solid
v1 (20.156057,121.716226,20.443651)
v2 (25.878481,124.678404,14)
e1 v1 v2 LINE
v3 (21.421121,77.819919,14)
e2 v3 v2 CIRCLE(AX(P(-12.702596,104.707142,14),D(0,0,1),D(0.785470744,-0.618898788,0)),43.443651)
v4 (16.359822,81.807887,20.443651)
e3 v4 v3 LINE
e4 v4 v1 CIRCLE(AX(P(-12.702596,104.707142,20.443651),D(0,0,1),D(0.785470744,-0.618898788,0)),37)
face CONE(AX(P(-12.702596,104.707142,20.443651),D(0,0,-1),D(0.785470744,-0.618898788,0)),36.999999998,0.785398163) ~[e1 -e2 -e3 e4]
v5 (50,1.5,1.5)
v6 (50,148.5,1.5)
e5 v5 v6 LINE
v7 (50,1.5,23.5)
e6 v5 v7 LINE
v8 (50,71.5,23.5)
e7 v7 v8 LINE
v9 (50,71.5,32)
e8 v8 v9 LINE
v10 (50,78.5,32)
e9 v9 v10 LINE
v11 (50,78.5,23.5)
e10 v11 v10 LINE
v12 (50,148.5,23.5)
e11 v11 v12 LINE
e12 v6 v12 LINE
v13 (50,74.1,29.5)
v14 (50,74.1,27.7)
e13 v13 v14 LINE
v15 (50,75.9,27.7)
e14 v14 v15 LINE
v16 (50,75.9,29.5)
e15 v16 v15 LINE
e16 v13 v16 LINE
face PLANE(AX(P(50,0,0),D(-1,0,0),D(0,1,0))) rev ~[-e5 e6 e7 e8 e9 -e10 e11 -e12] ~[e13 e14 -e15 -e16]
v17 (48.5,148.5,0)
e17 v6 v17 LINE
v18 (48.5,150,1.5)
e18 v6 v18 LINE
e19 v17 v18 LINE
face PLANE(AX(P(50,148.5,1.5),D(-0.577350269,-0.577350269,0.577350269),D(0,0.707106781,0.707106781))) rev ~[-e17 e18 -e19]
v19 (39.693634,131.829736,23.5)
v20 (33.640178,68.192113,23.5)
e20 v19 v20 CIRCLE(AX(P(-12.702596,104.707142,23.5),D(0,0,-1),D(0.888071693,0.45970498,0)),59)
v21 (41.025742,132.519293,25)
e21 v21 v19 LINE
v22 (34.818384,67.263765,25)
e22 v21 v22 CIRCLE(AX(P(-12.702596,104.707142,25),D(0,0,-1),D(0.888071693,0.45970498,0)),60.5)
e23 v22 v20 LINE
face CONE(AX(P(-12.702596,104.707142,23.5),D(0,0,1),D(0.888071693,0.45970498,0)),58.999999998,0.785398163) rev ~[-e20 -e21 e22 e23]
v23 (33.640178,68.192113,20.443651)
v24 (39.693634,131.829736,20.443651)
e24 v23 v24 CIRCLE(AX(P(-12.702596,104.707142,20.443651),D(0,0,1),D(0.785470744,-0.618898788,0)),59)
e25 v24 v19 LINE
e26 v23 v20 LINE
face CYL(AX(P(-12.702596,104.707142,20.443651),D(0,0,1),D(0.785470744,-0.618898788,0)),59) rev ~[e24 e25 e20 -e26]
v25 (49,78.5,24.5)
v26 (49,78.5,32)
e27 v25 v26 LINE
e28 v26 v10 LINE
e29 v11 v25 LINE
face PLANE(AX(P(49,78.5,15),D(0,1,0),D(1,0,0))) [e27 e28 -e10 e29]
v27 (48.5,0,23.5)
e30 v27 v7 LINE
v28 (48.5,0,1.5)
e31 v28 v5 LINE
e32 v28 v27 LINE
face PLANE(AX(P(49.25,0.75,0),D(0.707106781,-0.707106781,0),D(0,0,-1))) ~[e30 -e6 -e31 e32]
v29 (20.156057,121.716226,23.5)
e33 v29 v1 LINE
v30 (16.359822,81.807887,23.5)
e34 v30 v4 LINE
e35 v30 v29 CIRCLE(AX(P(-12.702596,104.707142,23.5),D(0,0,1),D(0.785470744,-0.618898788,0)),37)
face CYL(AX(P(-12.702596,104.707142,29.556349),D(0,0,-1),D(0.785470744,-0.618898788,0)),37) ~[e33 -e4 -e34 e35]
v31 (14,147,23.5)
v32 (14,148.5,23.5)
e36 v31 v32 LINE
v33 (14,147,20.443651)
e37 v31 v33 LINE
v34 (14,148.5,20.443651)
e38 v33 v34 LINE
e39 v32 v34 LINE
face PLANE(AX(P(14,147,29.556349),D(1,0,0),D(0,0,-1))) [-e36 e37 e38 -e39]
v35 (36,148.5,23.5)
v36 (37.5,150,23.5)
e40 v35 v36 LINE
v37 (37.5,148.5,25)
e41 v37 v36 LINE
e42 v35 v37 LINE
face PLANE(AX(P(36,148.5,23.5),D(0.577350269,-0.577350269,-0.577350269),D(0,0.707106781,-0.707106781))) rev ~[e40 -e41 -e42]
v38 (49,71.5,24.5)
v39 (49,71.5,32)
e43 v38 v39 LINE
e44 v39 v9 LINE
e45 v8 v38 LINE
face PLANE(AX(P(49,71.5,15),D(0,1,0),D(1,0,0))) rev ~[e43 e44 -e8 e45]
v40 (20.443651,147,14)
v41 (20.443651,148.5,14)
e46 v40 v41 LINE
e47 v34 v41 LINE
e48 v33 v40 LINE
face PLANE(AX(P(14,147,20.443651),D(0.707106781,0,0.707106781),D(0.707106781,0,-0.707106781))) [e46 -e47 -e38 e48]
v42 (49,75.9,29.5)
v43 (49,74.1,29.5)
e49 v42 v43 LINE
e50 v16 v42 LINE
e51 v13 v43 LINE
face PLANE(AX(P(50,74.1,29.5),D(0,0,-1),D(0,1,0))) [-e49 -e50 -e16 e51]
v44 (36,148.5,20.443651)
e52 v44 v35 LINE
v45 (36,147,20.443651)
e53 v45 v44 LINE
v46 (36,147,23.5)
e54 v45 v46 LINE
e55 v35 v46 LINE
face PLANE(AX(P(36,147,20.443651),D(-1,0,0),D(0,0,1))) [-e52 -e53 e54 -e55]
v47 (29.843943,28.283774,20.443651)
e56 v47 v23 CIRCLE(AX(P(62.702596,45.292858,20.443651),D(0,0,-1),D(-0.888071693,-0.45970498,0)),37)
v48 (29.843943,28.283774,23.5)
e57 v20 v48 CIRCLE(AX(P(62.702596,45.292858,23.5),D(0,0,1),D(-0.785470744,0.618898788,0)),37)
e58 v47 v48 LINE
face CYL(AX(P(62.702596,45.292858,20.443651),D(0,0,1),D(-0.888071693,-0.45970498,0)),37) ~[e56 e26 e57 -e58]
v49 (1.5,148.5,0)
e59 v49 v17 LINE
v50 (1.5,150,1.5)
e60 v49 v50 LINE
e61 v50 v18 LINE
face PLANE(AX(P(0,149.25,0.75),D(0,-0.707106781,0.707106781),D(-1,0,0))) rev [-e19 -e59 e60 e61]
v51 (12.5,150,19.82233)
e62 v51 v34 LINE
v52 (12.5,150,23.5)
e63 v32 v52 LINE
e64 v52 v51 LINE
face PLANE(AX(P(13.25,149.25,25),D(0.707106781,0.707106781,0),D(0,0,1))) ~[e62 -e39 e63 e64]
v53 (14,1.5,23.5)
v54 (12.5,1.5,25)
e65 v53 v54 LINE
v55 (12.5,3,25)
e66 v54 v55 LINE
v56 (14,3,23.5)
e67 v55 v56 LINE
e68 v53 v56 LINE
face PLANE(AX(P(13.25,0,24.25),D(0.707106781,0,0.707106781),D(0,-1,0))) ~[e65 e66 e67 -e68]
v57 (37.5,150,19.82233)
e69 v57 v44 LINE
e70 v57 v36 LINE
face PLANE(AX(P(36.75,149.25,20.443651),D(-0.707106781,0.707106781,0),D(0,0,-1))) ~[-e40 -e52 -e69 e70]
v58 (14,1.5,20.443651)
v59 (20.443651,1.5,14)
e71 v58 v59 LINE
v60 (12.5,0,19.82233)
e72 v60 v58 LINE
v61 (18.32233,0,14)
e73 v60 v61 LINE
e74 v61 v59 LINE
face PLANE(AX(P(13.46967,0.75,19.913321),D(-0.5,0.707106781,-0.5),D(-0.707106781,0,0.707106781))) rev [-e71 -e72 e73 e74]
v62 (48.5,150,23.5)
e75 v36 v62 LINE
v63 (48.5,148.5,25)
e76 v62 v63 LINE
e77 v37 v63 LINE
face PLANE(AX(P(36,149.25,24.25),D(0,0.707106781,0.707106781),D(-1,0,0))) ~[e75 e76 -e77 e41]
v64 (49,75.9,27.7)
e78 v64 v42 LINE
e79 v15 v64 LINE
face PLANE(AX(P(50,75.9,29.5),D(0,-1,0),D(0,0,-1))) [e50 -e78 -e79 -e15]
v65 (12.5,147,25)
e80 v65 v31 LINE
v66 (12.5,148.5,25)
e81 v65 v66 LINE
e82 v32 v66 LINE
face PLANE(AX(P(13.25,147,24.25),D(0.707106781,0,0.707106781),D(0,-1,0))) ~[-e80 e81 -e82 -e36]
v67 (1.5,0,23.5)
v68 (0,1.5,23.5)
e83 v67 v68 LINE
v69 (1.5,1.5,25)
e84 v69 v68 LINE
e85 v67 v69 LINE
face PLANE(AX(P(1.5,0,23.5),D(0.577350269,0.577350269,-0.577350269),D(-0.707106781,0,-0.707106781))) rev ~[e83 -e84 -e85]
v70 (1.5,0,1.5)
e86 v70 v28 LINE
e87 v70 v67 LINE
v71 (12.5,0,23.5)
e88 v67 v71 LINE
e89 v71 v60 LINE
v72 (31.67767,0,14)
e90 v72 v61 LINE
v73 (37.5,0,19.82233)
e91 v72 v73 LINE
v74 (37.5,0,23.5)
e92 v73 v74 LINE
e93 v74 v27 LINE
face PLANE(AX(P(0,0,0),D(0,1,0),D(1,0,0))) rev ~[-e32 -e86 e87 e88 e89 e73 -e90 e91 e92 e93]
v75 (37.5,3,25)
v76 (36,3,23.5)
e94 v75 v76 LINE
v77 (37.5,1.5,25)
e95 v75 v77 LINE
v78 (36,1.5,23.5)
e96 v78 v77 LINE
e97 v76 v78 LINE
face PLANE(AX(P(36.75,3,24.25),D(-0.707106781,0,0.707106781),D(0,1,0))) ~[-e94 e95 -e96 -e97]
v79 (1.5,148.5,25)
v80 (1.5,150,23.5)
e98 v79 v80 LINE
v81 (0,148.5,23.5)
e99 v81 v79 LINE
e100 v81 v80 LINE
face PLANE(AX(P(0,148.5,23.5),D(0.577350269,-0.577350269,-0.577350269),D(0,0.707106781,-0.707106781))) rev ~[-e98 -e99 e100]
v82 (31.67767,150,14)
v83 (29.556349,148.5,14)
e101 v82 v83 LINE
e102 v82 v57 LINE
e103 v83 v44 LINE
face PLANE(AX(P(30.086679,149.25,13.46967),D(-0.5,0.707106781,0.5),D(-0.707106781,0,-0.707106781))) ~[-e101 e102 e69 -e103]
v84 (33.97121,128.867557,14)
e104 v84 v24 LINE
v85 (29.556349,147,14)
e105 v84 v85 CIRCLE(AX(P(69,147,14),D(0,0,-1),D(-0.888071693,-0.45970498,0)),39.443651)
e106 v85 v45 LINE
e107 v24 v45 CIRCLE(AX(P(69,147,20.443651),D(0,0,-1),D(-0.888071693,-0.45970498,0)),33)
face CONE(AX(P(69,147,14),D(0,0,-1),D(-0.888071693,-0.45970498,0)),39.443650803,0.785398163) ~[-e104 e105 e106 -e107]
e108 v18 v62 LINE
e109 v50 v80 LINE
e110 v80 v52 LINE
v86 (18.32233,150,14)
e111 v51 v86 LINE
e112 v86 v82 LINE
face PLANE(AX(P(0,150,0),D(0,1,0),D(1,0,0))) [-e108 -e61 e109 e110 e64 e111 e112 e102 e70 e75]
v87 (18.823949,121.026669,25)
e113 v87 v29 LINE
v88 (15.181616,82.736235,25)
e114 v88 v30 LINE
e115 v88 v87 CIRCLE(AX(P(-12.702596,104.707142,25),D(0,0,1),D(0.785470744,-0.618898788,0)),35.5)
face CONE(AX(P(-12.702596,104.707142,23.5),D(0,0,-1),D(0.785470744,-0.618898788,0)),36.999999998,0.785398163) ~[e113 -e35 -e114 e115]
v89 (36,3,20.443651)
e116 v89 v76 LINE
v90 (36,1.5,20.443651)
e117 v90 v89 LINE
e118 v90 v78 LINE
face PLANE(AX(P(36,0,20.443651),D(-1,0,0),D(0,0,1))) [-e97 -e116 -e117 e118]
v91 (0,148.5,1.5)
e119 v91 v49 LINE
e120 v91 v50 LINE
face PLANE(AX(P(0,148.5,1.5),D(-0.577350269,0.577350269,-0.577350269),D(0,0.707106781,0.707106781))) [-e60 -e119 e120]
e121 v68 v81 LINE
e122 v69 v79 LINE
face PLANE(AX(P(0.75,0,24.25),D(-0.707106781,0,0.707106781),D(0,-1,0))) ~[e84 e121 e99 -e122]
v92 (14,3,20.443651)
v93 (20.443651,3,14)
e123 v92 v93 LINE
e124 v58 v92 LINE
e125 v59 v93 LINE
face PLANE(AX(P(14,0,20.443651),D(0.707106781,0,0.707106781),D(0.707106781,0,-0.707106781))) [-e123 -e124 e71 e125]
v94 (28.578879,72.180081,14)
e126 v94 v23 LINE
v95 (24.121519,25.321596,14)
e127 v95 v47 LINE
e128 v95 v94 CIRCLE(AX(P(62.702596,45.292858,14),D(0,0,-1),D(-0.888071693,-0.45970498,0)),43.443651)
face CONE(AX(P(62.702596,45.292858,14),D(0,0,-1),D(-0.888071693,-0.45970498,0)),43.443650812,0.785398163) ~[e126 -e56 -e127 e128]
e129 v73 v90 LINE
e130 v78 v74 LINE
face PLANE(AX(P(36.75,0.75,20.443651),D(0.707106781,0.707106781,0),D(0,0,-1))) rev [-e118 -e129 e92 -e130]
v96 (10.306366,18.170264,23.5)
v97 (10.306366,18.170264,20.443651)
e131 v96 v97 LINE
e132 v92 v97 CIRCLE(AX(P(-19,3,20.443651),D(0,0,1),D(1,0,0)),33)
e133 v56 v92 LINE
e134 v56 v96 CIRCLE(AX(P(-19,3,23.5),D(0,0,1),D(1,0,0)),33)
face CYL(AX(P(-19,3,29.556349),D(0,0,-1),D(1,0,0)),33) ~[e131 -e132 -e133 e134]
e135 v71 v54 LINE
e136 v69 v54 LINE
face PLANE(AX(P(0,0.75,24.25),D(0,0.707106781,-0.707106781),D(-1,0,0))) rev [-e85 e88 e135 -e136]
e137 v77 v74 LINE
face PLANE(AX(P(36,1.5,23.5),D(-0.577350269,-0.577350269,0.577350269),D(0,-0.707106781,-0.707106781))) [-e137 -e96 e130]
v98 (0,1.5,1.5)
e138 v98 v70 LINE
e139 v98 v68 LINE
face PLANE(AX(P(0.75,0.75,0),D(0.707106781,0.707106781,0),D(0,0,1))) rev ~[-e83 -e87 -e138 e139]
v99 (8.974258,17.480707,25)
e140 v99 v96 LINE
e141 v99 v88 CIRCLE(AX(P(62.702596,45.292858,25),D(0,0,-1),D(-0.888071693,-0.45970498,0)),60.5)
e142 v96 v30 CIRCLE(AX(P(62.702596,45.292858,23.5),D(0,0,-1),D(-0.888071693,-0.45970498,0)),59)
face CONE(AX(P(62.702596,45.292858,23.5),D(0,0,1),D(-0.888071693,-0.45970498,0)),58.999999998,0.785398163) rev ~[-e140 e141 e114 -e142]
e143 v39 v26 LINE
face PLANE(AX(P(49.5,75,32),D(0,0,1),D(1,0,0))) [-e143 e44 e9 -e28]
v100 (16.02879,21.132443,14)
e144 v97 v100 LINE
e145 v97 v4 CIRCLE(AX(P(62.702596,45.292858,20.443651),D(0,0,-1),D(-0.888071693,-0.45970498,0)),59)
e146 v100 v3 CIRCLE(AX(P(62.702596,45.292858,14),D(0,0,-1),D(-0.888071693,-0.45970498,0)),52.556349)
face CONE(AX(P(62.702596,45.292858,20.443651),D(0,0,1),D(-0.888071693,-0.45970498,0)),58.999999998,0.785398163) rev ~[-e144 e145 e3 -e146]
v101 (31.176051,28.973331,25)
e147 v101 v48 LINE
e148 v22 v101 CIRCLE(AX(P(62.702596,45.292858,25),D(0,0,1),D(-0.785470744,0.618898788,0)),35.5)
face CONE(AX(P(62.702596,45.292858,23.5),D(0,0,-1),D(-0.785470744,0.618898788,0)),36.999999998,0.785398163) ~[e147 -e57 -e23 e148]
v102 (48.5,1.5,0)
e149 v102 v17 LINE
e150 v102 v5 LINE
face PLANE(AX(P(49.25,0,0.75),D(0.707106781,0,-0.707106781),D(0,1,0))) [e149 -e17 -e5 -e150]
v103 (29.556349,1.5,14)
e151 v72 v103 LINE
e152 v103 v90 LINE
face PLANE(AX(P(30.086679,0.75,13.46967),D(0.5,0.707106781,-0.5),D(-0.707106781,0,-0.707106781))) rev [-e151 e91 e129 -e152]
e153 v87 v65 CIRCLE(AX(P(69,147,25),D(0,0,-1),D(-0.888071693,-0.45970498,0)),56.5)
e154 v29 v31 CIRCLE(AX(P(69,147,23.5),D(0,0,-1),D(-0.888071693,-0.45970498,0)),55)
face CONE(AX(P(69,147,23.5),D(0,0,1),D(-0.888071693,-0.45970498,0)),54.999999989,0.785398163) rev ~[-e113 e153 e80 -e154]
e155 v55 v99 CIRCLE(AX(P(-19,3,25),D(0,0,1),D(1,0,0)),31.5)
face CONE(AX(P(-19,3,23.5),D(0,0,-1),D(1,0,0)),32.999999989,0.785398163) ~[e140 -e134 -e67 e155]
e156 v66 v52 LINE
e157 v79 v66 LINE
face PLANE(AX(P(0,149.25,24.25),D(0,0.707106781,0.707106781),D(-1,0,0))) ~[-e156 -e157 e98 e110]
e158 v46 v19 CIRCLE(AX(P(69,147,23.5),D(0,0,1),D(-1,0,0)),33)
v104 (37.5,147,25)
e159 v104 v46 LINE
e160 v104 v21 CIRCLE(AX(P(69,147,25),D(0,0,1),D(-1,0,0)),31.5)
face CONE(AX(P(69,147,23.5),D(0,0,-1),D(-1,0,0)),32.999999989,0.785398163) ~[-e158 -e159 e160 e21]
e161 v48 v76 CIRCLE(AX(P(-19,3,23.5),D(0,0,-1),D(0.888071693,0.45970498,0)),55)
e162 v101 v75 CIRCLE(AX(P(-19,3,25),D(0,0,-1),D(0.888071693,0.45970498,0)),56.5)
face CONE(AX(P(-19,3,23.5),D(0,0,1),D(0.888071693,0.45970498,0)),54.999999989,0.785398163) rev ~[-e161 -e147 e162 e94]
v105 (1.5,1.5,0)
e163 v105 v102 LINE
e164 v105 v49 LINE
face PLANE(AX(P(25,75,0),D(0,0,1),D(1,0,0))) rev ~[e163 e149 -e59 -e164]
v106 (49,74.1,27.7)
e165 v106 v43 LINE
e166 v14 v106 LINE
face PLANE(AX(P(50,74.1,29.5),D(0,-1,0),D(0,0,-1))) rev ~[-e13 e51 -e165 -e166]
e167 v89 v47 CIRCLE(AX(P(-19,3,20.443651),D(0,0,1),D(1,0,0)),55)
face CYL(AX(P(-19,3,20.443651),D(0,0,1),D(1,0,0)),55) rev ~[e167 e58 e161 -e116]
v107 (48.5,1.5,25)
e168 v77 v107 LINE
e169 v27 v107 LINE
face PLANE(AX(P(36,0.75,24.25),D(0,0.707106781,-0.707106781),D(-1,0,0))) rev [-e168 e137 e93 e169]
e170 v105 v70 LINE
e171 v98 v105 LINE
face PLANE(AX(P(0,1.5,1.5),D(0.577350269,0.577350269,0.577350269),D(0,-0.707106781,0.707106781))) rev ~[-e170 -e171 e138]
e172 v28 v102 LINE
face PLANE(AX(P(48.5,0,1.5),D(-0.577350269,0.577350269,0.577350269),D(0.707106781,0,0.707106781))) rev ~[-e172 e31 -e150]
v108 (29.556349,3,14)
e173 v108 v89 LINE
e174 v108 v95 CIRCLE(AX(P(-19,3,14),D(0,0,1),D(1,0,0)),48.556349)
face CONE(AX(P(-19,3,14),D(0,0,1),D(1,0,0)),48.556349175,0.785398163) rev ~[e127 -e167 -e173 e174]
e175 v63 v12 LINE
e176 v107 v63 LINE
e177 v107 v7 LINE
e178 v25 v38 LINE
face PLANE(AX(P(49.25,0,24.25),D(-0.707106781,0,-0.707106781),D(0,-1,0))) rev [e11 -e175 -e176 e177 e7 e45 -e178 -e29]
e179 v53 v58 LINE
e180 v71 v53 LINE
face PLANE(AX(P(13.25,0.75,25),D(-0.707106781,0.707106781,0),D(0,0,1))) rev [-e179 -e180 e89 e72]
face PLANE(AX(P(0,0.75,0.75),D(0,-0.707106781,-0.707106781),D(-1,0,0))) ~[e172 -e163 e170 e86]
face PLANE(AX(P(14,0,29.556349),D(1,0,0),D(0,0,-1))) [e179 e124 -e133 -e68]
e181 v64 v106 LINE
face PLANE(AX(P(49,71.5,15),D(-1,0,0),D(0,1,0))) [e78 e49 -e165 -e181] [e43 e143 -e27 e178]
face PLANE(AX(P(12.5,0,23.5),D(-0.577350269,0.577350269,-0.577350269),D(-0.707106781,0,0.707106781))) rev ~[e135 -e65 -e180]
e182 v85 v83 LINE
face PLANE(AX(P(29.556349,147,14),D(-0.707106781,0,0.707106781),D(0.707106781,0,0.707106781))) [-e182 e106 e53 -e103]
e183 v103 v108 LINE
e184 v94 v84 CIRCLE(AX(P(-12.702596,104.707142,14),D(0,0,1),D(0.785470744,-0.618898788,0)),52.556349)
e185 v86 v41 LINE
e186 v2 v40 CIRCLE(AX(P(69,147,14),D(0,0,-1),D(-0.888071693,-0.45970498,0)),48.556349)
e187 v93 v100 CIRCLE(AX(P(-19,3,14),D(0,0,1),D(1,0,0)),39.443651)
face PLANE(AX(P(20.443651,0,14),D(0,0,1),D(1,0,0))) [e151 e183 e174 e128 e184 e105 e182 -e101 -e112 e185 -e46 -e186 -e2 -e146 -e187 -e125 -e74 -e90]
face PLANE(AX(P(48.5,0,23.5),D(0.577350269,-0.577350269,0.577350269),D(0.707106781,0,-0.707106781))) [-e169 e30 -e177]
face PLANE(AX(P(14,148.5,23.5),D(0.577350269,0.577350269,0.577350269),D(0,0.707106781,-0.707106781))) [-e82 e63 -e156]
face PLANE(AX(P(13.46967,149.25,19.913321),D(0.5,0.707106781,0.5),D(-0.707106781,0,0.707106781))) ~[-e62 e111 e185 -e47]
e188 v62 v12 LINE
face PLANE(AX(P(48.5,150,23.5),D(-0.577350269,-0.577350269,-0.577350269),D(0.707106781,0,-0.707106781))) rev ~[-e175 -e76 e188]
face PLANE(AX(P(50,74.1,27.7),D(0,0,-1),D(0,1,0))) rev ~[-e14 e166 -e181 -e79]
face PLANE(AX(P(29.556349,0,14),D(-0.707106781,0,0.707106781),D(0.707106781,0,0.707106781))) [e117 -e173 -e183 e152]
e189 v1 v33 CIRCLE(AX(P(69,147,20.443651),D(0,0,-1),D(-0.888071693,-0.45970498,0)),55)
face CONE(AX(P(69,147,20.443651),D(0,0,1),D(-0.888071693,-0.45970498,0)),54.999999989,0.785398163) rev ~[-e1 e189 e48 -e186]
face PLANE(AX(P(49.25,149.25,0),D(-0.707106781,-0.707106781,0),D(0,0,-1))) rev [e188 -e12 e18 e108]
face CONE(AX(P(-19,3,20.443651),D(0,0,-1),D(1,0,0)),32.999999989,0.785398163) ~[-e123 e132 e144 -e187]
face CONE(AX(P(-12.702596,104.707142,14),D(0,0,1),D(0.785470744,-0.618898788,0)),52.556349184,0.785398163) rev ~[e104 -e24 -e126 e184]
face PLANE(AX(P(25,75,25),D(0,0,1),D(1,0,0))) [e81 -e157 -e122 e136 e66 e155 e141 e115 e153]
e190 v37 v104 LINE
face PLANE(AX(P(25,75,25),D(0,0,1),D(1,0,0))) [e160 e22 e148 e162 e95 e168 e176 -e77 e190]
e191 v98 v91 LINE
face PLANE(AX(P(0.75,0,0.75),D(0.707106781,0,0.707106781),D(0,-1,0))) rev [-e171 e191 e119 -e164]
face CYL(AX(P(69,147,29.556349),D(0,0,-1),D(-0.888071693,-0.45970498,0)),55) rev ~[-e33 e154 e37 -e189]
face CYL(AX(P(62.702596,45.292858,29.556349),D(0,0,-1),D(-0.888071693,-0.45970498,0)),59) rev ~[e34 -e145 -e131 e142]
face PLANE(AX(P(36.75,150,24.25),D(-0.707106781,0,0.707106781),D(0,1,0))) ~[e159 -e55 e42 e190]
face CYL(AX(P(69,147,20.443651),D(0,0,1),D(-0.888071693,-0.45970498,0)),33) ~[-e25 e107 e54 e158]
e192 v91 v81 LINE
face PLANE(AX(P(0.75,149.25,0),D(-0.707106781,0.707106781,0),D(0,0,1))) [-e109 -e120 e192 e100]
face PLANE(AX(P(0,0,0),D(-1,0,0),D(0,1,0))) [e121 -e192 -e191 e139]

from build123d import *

# Parameters (mm, degrees)
SKETCH1_W                = 50
SKETCH1_H                = 150
BOSS_EXTRUDE1_DEPTH      = 25
CHAMFER1_SIZE            = 1.5
BOSS_EXTRUDE2_DEPTH      = 7
BOSS_EXTRUDE2_DEPTH_BACK = 10
SKETCH4_W                = 1
SKETCH4_H                = 7
SKETCH5_W                = 1.8
SKETCH5_H                = 1.8
CUT_EXTRUDE1_DEPTH       = 7


with BuildPart() as part:
    # Sketch1 → Boss-Extrude1 (new body)
    with BuildSketch(Plane.XY):
        with Locations((25, 75)):
            Rectangle(SKETCH1_W, SKETCH1_H)
    extrude(amount=BOSS_EXTRUDE1_DEPTH)

    # Cut-Sweep1: sweep along a path in Sketch3
    with BuildLine(Plane.XY.offset(25)) as cut_sweep1_path:
        Line((25, 0), (25, 3))
        ThreePointArc((25, 3), (23.751063127, 13.408967361), (20.075154476, 23.227019124))
        ThreePointArc((20.075154476, 23.227019124), (14.918298123, 49.838284764), (25, 75))
        ThreePointArc((25, 75), (35.081701877, 100.161715236), (29.924845524, 126.772980876))
        ThreePointArc((29.924845524, 126.772980876), (26.248936873, 136.591032639), (25, 147))
        Line((25, 147), (25, 150))
    # Sketch2 → Cut-Sweep1 (sweep, cut)
    with BuildSketch(Plane.XZ):
        Polygon((29.556349186, 36), (20.443650814, 36), (14, 29.556349186), (14, 20.443650814), (20.443650814, 14), (29.556349186, 14), (36, 20.443650814), (36, 29.556349186), align=None)
    sweep(path=cut_sweep1_path.line, mode=Mode.SUBTRACT)

    # Chamfer1
    chamfer1_edges = [part.edges().sort_by_distance(p)[0] for p in [
        (50, 75, 25),
        (43, 150, 25),
        (43, 0, 25),
        (7, 150, 25),
        (14, 1.5, 25),
        (13.063297345, 10.806725521, 25),
        (3.967729924, 50.879945025, 25),
        (24.131133677, 101.203375498, 25),
        (15.561171091, 133.988790799, 25),
        (14, 148.5, 25),
        (36, 1.5, 25),
        (34.438828909, 16.011209201, 25),
        (25.868866323, 48.796624502, 25),
        (46.032270076, 99.120054975, 25),
        (36.936702655, 139.193274479, 25),
        (36, 148.5, 25),
        (36, 150, 22.721825407),
        (14, 150, 22.721825407),
        (36, 0, 22.721825407),
        (14, 0, 22.721825407),
        (17.221825407, 0, 17.221825407),
        (32.778174593, 0, 17.221825407),
        (32.778174593, 150, 17.221825407),
        (17.221825407, 150, 17.221825407),
        (0, 75, 25),
        (25, 150, 0),
        (50, 75, 0),
        (25, 0, 0),
        (0, 75, 0),
        (7, 0, 25),
        (0, 150, 12.5),
        (50, 150, 12.5),
        (50, 0, 12.5),
        (0, 0, 12.5),
    ]]
    chamfer(chamfer1_edges, length=CHAMFER1_SIZE)

    # Sketch4 → Boss-Extrude2 (add, two sides: drawn at the far end of the back side and taken through both)
    with BuildSketch(Plane.XY.offset(25).offset(-BOSS_EXTRUDE2_DEPTH_BACK)):
        with Locations((49.5, 75)):
            Rectangle(SKETCH4_W, SKETCH4_H)
    extrude(amount=BOSS_EXTRUDE2_DEPTH + BOSS_EXTRUDE2_DEPTH_BACK)

    # Sketch5 → Cut-Extrude1 (cut)
    with BuildSketch(Plane(origin=(50, 0, 0), x_dir=(0, 0, -1), z_dir=(1, 0, 0))):
        with Locations((-28.6, 75)):
            Rectangle(SKETCH5_W, SKETCH5_H)
    extrude(amount=-CUT_EXTRUDE1_DEPTH, mode=Mode.SUBTRACT)


solid = part.part
